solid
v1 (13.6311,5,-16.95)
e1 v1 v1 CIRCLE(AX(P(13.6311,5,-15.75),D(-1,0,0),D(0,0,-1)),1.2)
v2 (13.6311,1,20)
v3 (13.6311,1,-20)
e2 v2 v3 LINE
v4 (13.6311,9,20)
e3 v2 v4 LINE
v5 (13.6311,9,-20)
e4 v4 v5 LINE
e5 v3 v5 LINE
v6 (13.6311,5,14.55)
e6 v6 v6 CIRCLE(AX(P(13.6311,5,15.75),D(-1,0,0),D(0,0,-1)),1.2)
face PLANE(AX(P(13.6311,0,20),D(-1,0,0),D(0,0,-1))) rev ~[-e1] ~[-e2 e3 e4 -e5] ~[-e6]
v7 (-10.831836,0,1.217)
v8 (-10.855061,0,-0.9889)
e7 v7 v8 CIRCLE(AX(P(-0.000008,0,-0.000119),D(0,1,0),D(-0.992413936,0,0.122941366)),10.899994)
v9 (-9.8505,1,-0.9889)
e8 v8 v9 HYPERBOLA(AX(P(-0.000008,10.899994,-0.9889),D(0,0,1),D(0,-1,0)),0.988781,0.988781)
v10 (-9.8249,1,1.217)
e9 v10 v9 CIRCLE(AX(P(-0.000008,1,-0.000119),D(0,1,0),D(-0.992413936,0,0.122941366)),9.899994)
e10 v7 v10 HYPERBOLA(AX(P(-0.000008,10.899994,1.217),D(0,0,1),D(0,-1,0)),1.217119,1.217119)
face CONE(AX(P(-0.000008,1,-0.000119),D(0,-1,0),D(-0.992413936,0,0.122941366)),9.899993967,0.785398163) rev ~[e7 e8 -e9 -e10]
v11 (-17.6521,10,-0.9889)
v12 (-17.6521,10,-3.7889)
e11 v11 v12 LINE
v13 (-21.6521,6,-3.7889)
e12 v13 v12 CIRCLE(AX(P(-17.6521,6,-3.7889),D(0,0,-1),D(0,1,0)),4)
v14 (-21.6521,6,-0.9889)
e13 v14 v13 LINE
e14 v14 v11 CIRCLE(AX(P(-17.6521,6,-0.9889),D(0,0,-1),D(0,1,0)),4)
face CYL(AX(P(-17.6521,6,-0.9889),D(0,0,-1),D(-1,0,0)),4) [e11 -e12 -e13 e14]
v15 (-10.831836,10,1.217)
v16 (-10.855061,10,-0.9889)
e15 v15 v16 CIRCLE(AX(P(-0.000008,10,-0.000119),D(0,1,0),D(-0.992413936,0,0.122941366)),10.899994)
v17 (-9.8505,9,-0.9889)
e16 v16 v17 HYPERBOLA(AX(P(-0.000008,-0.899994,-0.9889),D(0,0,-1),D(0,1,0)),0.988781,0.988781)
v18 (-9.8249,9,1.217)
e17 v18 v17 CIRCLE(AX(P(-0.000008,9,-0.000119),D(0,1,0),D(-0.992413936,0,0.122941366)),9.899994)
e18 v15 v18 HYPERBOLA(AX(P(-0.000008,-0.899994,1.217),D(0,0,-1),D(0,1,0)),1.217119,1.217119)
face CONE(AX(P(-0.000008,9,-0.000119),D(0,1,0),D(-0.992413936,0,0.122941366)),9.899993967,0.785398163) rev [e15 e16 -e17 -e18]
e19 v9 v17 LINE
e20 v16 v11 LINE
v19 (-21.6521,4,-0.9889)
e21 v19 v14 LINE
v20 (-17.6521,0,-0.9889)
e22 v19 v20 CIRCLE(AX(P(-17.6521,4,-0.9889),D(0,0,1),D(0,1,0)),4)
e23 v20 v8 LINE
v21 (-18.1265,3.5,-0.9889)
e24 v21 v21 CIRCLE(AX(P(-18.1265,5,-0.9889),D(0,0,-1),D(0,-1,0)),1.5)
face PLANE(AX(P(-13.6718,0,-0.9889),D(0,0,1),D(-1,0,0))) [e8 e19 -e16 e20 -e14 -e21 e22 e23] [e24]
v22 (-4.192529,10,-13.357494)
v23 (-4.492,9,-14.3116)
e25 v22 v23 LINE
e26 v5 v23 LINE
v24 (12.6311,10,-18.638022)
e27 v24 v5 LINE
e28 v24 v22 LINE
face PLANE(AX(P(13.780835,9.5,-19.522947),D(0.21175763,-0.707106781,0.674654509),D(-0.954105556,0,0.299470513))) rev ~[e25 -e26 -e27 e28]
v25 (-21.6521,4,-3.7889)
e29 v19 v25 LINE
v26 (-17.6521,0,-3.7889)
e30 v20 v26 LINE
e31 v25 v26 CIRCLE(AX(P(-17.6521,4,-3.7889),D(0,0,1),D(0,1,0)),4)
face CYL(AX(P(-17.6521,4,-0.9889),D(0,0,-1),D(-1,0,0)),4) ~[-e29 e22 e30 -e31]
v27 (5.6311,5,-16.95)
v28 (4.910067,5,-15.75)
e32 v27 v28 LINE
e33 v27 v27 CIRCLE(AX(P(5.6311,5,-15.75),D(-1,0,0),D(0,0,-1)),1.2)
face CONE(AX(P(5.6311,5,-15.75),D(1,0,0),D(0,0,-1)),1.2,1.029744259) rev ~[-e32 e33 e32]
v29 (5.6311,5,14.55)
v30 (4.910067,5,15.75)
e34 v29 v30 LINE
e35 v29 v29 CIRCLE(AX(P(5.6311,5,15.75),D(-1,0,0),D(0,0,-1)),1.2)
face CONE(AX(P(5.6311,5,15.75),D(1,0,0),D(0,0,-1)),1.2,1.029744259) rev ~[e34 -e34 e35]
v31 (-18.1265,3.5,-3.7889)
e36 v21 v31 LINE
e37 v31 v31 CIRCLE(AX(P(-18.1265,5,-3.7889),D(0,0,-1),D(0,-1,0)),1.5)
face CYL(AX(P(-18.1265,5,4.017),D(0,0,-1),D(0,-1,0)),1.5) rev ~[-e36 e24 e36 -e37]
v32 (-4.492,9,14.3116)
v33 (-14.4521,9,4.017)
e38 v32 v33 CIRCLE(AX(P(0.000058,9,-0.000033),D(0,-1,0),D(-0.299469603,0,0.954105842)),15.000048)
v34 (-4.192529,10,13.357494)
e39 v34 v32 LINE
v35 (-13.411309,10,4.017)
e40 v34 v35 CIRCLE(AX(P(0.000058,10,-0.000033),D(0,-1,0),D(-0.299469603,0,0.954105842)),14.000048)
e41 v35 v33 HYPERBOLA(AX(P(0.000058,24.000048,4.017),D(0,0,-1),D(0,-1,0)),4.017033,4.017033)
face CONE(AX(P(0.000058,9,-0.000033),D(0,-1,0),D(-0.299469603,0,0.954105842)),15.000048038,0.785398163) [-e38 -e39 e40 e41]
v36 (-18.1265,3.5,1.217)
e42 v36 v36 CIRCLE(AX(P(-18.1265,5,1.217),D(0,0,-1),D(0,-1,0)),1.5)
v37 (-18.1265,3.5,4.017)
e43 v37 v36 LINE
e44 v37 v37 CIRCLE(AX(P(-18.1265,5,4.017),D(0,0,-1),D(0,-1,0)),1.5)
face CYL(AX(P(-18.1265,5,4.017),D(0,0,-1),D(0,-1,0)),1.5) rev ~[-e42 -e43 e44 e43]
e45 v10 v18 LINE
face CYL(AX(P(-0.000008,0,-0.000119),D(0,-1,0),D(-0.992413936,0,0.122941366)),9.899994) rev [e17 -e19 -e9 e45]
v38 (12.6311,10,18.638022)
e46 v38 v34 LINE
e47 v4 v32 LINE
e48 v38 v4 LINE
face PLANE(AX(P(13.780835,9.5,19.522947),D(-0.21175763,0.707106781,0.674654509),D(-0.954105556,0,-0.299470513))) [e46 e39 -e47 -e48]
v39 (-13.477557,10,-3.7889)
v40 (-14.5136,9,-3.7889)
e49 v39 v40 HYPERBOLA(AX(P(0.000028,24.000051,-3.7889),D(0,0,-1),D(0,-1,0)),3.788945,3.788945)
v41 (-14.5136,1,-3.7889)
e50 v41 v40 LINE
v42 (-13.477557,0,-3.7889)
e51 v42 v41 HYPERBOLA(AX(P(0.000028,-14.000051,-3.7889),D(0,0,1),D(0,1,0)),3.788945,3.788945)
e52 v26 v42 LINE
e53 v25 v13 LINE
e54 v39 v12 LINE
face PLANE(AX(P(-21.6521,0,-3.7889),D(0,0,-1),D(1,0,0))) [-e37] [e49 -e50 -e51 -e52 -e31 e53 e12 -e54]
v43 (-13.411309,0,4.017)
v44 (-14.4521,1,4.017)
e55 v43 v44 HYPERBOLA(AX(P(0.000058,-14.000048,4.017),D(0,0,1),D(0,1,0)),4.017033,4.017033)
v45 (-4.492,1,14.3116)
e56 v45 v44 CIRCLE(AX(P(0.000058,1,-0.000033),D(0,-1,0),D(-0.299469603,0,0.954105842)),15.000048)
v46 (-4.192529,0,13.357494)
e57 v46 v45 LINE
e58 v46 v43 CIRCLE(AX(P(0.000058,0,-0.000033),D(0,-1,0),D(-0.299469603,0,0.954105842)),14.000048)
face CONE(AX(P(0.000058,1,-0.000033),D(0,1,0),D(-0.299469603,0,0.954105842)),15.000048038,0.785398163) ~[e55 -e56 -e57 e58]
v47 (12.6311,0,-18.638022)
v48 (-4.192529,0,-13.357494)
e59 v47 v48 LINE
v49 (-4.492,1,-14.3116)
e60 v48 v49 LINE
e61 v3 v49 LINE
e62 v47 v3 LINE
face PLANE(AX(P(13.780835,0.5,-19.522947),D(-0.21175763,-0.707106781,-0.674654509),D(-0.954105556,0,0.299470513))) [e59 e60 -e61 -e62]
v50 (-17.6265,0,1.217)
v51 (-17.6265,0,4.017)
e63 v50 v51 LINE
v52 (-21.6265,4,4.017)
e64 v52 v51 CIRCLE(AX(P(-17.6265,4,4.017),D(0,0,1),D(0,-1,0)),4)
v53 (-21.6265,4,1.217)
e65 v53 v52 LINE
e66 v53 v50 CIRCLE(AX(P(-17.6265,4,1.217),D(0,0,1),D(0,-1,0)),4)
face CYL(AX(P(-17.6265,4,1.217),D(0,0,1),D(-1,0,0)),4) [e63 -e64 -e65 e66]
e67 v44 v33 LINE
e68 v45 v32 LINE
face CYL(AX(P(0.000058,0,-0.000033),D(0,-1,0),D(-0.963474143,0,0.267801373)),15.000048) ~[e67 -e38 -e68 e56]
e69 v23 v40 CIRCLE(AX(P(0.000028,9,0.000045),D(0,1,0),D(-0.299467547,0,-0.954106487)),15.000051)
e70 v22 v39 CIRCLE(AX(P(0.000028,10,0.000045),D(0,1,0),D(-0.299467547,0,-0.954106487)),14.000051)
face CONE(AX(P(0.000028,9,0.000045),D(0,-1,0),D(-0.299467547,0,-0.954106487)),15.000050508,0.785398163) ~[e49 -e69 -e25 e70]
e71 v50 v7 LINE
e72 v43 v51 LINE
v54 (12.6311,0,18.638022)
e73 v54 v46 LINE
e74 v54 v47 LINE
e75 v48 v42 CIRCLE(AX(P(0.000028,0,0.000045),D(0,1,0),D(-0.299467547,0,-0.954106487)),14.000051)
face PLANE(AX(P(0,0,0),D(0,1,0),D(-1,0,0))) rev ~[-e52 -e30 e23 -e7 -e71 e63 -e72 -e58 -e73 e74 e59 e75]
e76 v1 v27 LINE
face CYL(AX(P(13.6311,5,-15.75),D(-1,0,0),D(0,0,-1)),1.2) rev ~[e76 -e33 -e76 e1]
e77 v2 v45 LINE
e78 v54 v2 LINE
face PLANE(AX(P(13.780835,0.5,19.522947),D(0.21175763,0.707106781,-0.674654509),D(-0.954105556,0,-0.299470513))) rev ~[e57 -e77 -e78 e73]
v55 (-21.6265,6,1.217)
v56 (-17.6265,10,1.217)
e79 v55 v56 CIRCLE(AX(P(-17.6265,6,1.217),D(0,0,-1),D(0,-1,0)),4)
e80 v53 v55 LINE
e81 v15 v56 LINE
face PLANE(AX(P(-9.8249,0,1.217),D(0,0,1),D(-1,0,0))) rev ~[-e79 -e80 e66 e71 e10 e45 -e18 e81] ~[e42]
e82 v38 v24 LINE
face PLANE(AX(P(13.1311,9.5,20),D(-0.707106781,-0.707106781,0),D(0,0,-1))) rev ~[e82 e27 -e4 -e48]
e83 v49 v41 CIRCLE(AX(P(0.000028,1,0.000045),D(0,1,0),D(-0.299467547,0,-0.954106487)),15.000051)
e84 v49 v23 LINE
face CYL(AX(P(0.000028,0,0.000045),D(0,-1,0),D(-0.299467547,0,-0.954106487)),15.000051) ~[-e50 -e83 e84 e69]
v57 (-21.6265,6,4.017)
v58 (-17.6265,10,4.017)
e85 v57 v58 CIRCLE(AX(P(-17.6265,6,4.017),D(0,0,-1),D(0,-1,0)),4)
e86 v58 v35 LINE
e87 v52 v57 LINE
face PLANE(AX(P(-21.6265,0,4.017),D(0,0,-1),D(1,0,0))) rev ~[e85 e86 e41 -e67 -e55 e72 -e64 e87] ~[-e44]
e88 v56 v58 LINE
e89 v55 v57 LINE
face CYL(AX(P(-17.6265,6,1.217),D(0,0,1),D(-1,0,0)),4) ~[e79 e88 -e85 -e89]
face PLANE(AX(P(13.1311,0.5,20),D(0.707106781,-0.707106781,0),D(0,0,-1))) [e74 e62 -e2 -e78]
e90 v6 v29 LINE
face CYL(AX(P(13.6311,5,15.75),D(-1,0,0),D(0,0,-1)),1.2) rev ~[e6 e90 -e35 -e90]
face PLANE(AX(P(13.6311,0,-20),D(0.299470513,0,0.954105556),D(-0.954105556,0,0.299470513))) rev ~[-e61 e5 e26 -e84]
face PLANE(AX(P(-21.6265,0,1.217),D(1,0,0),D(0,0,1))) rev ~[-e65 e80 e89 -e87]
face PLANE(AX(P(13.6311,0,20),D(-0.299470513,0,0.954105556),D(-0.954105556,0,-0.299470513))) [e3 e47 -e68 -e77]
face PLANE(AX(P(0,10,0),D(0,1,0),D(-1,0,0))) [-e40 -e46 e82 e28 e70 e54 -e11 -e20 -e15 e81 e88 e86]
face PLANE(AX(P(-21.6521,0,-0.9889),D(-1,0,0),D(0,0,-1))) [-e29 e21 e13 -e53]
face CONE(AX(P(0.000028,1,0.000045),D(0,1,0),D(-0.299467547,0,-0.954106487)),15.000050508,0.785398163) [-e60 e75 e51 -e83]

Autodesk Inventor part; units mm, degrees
ref_plane "YZ Plane" through (0, 0, 0) normal (1, 0, 0) x (0, 1, 0)
ref_plane "XZ Plane" through (0, 0, 0) normal (0, 1, 0) x (-1, 0, 0)
ref_plane "XY Plane" through (0, 0, 0) normal (0, 0, 1) x (1, 0, 0)
sketch "Эскиз1" plane through (0, 0, 0) normal (0, 1, 0) x (-1, 0, 0)
  arc A0 (9.8249, 1.217) -> (9.8505, -0.9889) centre (0, 0) ccw
  line L0 (-13.6311, 20) -> (-13.6311, -20)
  line L1 (-13.6311, 20) -> (4.492, 14.3116)
  line L2 (-13.6311, -20) -> (4.492, -14.3116)
  line L3 (9.8249, 1.217) -> (16.2051, 1.217)
  line L4 (13.6718, -0.9889) -> (9.8505, -0.9889)
  arc A1 (4.492, -14.3116) -> (14.5136, -3.7889) centre (0, 0) ccw
  arc A2 (14.4521, 4.017) -> (4.492, 14.3116) centre (0, 0) ccw
  line L5 (9.8505, -0.9889) -> (21.6521, -0.9889)
  line L6 (21.6521, -0.9889) -> (21.6521, -3.7889)
  line L7 (21.6521, -3.7889) -> (14.5136, -3.7889)
  line L8 (9.8249, 1.217) -> (21.6265, 1.217)
  line L9 (21.6265, 1.217) -> (21.6265, 4.017)
  line L10 (21.6265, 4.017) -> (14.4521, 4.017)
  point P0 (15, 0)
  dimension "d0" = 19.8
  dimension "d5" = 2.8
  dimension "d6" = 2.8
  dimension "d32" = 15
  dimension "d33" = 40
extrude "Выдавливание1" add sketch "Эскиз1" along normal blind 10
fillet "Сопряжение1" radius 4 4 edges at (-21.6265, 10, 2.617) (-21.6521, 10, -2.3889) (-21.6265, 0, 2.617) (-21.6521, 0, -2.3889)
sketch "Эскиз3" plane through (-14.4521, 0, 4.017) normal (0, 0, 1) x (1, 0, 0)
  arc A0 (-7.1744, 4) -> (-3.1744, 0) centre (-3.1744, 4) ccw projected
  line L0 (-3.1744, 0) -> (0, 0) projected
  line L1 (0, 0) -> (0, 10) projected
  line L2 (-3.1744, 10) -> (0, 10) projected
  arc A1 (-3.1744, 10) -> (-7.1744, 6) centre (-3.1744, 6) ccw projected
  line L3 (-7.1744, 4) -> (-7.1744, 6) projected
  line L4 (-7.1744, 5) -> (-3.6744, 5) construction
  point P0 (14.4521, 0)
  dimension "d20" = 3.5
hole "Отверстие2" at (-18.1265, 5, 4.017) direction (0, 0, -1) diameter 3 depth 8 tip angle 118
chamfer "Фаска1" distance 1 angle 45 12 edges at (9.8993, 10, -0.1148) (9.8993, 0, -0.1148) (4.5696, 10, 17.1558) (13.6311, 10, 0) (4.5696, 10, -17.1558) (-10.8621, 10, -10.3448) (-10.7803, 10, 10.43) (4.5696, 0, 17.1558) (13.6311, 0, 0) (4.5696, 0, -17.1558) (-10.8621, 0, -10.3448) (-10.7803, 0, 10.43)
sketch "Эскиз5" plane through (13.6311, 1, -20) normal (1, 0, 0) x (0, 0, -1)
  line L0 (-40, 0) -> (-40, 8) construction
  line L1 (0, 0) -> (0, 8) construction
  line L2 (-35.75, 4) -> (-40, 4) construction
  line L3 (-4.25, 4) -> (0, 4) construction
  point P0 (-20, -1)
  point P1 (-37.875, 4)
  dimension "d34" = 31.5
hole "Отверстие3" at (13.6311, 5, 15.75) at (13.6311, 5, -15.75) direction (-1, 0, 0) diameter 2.4 depth 8 tip angle 118
properties part number "VoiceMount"
